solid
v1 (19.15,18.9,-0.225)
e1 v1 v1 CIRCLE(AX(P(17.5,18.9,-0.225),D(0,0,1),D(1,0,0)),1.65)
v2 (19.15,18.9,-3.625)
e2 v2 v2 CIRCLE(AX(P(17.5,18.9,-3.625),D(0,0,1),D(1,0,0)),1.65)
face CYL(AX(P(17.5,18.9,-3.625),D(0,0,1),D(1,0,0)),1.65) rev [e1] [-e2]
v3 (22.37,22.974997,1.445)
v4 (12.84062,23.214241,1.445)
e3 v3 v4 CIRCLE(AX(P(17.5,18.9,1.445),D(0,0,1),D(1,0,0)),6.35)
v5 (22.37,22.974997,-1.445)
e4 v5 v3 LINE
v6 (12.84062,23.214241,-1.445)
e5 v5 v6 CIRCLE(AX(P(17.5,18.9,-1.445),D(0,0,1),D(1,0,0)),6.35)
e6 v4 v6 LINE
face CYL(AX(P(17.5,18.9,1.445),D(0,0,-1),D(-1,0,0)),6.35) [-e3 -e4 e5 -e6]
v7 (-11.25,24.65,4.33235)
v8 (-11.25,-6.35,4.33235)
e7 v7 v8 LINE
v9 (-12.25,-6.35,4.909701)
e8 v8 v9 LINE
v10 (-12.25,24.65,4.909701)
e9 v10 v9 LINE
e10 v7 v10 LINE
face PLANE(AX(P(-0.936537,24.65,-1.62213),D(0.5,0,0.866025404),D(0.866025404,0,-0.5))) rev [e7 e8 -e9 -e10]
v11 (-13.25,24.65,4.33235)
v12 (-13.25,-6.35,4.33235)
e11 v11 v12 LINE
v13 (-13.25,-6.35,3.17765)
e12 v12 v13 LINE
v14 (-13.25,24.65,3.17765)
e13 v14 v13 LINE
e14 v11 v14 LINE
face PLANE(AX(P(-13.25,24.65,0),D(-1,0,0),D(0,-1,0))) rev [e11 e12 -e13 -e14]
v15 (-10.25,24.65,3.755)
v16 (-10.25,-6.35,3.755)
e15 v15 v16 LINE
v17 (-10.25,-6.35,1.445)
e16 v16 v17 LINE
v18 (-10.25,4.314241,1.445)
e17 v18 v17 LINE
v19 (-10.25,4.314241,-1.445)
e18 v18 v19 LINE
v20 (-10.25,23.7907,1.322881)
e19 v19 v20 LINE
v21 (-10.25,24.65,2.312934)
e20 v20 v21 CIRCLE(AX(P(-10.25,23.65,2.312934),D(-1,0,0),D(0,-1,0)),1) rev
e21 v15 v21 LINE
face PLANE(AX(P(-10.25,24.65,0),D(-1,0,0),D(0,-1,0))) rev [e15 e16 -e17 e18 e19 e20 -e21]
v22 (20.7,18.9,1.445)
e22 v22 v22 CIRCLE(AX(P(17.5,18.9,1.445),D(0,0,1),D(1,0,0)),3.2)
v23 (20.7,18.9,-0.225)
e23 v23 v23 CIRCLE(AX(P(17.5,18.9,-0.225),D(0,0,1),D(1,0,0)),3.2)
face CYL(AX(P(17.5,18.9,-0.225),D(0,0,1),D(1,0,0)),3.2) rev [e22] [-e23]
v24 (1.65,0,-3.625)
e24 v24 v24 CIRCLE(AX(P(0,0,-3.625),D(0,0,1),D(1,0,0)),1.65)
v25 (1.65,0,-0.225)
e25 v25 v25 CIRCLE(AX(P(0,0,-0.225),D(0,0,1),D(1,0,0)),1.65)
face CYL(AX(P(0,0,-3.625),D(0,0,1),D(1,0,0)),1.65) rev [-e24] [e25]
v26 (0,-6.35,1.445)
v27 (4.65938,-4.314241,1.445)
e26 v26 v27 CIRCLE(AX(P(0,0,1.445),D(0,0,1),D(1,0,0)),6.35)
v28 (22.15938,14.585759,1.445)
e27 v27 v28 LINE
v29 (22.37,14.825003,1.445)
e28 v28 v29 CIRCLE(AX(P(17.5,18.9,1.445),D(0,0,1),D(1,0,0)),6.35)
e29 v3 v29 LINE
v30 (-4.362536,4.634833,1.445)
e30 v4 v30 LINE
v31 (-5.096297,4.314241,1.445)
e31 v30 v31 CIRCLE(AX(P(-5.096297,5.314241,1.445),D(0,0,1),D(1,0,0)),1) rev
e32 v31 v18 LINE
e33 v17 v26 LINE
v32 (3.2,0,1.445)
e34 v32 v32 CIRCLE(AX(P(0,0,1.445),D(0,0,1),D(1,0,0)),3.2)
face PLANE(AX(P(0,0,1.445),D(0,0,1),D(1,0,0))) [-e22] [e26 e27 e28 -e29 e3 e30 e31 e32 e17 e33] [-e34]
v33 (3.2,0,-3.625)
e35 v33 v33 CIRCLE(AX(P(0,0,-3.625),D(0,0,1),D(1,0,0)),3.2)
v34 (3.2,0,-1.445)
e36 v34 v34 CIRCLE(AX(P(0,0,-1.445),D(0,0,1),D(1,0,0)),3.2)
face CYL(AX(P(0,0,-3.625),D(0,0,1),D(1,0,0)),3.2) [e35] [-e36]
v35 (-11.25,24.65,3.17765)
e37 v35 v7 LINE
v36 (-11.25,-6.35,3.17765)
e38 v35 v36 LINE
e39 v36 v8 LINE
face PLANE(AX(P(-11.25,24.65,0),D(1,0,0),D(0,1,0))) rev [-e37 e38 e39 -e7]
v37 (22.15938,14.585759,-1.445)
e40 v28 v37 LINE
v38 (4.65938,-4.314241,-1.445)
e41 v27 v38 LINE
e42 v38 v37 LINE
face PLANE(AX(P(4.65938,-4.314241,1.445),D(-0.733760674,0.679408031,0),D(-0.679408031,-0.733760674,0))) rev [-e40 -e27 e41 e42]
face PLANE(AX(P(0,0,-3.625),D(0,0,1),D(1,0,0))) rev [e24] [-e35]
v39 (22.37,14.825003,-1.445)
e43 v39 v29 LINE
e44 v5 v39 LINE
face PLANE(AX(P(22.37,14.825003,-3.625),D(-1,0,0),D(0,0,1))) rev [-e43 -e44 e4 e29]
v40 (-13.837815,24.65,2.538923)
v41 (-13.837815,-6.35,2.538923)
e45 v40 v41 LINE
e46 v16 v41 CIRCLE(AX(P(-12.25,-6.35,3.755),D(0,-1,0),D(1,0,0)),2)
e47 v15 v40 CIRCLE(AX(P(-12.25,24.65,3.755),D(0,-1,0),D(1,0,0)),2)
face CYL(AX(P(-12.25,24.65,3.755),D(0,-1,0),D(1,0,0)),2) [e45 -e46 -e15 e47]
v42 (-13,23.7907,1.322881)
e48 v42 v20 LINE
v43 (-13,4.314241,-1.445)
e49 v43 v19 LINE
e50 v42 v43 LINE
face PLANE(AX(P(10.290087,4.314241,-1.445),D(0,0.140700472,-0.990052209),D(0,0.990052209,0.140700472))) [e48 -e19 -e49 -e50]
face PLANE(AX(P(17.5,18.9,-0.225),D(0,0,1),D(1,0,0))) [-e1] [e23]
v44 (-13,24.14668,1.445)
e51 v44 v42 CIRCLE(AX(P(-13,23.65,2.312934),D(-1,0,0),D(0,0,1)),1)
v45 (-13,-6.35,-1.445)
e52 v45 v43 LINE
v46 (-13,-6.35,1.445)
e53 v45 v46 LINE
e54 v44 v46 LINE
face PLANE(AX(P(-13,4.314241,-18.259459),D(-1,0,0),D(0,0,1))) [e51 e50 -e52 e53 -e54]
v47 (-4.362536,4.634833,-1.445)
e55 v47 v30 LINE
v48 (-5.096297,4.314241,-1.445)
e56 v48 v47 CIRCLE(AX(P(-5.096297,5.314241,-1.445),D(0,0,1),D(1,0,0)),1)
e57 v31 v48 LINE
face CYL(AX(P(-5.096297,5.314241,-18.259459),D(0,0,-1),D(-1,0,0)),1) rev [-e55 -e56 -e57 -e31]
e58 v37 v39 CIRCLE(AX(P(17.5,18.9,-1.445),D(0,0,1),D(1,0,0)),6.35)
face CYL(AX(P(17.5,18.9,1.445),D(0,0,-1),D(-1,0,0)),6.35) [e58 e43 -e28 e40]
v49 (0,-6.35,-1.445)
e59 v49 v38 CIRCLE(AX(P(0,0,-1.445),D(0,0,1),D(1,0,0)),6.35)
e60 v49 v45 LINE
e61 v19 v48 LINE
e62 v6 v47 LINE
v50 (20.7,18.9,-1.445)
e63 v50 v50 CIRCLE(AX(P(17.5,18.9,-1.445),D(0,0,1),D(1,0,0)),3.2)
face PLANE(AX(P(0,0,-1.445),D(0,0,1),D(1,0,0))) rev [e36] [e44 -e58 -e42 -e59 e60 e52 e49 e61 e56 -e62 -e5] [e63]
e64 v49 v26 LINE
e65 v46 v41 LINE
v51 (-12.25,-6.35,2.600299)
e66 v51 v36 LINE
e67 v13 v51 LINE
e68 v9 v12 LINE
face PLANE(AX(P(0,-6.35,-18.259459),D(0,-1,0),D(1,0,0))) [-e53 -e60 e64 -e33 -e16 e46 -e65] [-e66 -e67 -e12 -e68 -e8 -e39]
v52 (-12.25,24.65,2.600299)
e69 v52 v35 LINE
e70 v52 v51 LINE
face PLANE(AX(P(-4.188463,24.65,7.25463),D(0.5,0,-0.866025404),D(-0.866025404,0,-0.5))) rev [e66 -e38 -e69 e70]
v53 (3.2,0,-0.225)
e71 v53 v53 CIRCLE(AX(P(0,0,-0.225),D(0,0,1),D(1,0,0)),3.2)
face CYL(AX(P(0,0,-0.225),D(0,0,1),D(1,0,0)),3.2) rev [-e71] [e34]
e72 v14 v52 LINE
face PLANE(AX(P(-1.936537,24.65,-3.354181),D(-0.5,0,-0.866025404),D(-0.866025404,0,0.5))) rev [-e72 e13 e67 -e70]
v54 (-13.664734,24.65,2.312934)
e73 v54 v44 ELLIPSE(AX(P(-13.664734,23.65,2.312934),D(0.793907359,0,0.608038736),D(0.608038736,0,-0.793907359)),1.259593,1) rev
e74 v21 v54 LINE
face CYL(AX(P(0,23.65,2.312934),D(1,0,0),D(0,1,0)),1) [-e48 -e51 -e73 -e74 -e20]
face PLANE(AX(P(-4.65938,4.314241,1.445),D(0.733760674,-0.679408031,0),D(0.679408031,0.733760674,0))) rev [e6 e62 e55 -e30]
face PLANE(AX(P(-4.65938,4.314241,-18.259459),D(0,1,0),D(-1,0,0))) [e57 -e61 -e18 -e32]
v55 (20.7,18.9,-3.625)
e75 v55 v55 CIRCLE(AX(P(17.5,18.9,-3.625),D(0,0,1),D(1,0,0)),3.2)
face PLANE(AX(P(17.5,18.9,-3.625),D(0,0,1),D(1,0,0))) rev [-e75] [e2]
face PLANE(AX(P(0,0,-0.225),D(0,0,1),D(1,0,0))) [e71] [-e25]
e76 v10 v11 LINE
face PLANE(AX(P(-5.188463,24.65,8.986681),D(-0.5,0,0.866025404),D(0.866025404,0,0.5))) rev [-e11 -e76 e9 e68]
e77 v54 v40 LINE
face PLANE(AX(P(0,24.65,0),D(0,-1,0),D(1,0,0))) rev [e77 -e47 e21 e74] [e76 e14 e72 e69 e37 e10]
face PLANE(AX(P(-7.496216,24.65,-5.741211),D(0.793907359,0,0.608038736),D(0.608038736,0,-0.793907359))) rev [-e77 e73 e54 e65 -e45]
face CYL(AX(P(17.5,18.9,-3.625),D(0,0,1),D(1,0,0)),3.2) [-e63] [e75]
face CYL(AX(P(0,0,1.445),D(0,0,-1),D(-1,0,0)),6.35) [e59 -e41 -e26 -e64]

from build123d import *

# Parameters (mm, degrees)
BOSS_EXTRUDE1_DEPTH = 1.445
SKETCH2_R           = 3.2
CUT_EXTRUDE1_DEPTH  = 1.67
SKETCH3_R           = 3.2
BOSS_EXTRUDE2_DEPTH = 3.4
CUT_EXTRUDE3_DEPTH  = 36.101138158
SKETCH6_R           = 1.65
CUT_EXTRUDE4_DEPTH  = 34.904858059
BOSS_EXTRUDE3_DEPTH = 2.89
BOSS_EXTRUDE4_DEPTH = 31
BOSS_EXTRUDE5_DEPTH = 2.75
FILLET2_R           = 1


with BuildPart() as part:
    # Sketch1 → Boss-Extrude1 (new, symmetric)
    with BuildSketch(Plane.XY):
        with BuildLine():
            Line((4.65938028, -4.314241), (22.15938028, 14.585759))
            ThreePointArc((22.15938028, 14.585759), (21.814241, 23.55938028), (12.84061972, 23.214241))
            Line((12.84061972, 23.214241), (-4.65938028, 4.314241))
            ThreePointArc((-4.65938028, 4.314241), (-4.314241, -4.65938028), (4.65938028, -4.314241))
        make_face()
    extrude(amount=BOSS_EXTRUDE1_DEPTH, both=True)

    # Sketch2 → Cut-Extrude1 (cut)
    with BuildSketch(Plane.XY.offset(1.445)):
        Circle(SKETCH2_R)
        with Locations((17.5, 18.9)):
            Circle(SKETCH2_R)
    extrude(amount=-CUT_EXTRUDE1_DEPTH, mode=Mode.SUBTRACT)

    # Sketch3 → Boss-Extrude2 (add)
    with BuildSketch(Plane.XY.offset(-0.225)):
        Circle(SKETCH3_R)
        with Locations((17.5, 18.9)):
            Circle(SKETCH3_R)
    extrude(amount=-BOSS_EXTRUDE2_DEPTH)

    # Sketch5 → Cut-Extrude3 (cut, through all)
    with BuildSketch(Plane.XY.offset(1.445)):
        with BuildLine():
            Line((22.37, 14.825003067), (22.37, 22.974996933))
            ThreePointArc((22.37, 22.974996933), (23.85, 18.9), (22.37, 14.825003067))
        make_face()
    extrude(amount=-CUT_EXTRUDE3_DEPTH, mode=Mode.SUBTRACT)

    # Sketch6 → Cut-Extrude4 (cut, through all)
    with BuildSketch(Plane.XY.offset(-0.225)):
        Circle(SKETCH6_R)
        with Locations((17.5, 18.9)):
            Circle(SKETCH6_R)
    extrude(amount=-CUT_EXTRUDE4_DEPTH, mode=Mode.SUBTRACT)

    # Sketch7 → Boss-Extrude3 (add)
    with BuildSketch(Plane.XY.offset(1.445)):
        with BuildLine():
            Line((-4.65938028, 4.314241), (-13, 4.314241))
            Line((-13, 4.314241), (-13, -6.35))
            Line((-13, -6.35), (0, -6.35))
            ThreePointArc((0, -6.35), (-5.818845691, -2.542348289), (-4.65938028, 4.314241))
        make_face()
    extrude(amount=-BOSS_EXTRUDE3_DEPTH)

    # Sketch8 → Boss-Extrude4 (add)
    with BuildSketch(Plane.XZ.offset(6.35)):
        with BuildLine():
            Line((-13.837814719, 2.538922528), (-13, 1.445))
            Line((-13, 1.445), (-10.25, 1.445))
            Line((-10.25, 1.445), (-10.25, 3.755))
            ThreePointArc((-10.25, 3.755), (-12.892016574, 5.649152771), (-13.837814719, 2.538922528))
        make_face()
        Polygon((-11.25, 3.177649731), (-12.25, 2.600299462), (-13.25, 3.177649731), (-13.25, 4.332350269), (-12.25, 4.909700538), (-11.25, 4.332350269), align=None, mode=Mode.SUBTRACT)
    extrude(amount=-BOSS_EXTRUDE4_DEPTH)

    # Sketch10 → Boss-Extrude5 (add)
    with BuildSketch(Plane.ZY.offset(13)):
        Polygon((-1.445, 4.314241), (1.445, 24.65), (1.445, 4.314241), align=None)
    extrude(amount=-BOSS_EXTRUDE5_DEPTH)

    # Fillet2
    fillet2_edges = [part.edges().sort_by_distance(p)[0] for p in [
        (-4.65938028, 4.314241, 0),
        (-11.625, 24.65, 1.445),
    ]]
    fillet(fillet2_edges, radius=FILLET2_R)


solid = part.part
